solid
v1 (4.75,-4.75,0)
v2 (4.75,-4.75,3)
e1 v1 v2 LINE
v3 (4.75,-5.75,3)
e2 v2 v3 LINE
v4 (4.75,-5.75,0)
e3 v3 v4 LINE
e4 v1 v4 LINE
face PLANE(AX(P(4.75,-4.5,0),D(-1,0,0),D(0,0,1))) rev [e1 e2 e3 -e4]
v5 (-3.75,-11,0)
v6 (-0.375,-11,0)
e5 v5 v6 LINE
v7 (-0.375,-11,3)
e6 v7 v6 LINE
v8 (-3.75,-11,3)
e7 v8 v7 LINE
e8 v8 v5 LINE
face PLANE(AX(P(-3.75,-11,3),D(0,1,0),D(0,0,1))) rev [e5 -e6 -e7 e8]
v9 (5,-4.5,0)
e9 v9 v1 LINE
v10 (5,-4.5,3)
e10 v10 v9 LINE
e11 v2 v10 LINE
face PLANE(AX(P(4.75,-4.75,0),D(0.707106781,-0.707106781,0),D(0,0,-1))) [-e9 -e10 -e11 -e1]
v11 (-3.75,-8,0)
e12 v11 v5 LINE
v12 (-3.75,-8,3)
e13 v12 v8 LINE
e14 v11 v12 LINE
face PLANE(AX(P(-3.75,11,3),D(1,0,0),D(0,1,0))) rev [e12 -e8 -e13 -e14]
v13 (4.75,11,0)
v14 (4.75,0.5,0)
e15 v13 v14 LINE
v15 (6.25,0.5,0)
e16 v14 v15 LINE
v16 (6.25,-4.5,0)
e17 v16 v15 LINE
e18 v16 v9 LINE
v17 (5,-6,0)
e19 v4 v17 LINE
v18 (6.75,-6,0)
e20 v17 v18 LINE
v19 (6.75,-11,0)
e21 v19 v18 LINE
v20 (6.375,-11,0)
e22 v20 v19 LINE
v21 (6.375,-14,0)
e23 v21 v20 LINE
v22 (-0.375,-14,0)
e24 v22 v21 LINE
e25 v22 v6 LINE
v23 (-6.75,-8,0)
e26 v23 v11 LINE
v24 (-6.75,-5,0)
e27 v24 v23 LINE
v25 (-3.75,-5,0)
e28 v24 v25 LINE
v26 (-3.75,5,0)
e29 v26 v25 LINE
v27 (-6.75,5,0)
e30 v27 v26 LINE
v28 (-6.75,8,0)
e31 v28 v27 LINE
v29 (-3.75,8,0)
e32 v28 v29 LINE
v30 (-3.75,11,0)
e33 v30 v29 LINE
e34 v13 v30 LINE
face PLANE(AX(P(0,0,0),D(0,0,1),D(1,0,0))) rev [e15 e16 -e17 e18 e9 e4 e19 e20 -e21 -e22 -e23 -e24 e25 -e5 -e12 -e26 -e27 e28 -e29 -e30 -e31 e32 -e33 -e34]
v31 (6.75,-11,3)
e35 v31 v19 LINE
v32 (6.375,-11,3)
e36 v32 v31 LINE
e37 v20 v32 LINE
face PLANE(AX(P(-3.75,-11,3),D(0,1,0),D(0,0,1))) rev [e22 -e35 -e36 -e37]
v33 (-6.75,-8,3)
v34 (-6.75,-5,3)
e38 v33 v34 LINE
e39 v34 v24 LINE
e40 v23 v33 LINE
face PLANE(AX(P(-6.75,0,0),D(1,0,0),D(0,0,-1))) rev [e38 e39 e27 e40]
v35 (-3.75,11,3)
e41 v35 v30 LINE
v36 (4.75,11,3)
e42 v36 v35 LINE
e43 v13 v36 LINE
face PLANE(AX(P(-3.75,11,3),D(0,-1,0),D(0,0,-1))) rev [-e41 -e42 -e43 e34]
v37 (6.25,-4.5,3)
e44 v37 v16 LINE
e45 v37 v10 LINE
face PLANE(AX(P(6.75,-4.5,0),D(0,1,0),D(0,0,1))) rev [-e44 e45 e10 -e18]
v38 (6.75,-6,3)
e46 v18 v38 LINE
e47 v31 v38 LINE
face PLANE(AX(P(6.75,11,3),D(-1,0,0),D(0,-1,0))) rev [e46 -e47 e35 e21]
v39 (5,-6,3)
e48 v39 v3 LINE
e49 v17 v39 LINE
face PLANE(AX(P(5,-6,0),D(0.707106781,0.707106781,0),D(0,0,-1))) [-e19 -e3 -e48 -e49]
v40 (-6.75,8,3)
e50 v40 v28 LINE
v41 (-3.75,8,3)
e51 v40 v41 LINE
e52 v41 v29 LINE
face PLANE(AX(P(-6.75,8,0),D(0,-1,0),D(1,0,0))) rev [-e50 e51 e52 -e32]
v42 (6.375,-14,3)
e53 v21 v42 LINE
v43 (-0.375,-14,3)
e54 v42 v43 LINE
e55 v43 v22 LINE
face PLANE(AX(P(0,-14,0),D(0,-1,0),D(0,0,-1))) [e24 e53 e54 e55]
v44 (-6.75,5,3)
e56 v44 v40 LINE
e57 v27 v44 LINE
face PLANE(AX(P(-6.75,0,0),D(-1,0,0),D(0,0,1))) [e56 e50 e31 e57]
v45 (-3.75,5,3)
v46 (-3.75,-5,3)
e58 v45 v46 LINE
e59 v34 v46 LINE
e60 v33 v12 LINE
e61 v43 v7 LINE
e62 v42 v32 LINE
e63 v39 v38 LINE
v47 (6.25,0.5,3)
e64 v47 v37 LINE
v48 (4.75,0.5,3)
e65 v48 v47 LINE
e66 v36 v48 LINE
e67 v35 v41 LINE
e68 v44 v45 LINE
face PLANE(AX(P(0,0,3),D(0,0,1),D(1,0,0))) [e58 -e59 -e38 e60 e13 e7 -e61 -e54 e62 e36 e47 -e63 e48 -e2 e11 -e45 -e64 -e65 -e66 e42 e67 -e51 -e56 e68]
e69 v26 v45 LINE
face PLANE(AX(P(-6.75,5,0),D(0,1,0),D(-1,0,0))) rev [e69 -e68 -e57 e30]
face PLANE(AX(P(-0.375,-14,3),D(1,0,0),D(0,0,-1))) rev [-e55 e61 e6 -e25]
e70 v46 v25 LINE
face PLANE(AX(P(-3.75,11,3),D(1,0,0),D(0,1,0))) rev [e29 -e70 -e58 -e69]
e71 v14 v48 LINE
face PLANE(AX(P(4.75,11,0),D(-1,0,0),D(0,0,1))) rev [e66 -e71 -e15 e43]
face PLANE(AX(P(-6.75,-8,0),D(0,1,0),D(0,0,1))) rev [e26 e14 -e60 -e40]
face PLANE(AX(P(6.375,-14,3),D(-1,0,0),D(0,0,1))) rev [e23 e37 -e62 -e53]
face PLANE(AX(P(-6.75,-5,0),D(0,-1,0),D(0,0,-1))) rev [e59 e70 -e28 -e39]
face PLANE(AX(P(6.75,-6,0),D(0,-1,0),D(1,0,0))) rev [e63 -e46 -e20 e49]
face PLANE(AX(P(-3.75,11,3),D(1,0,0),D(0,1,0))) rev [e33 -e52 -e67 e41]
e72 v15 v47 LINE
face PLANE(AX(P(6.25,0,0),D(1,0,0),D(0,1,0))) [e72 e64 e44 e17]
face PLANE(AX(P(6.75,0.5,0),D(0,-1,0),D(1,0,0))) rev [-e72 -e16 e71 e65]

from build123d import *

# Parameters (mm, degrees)
SKETCH1_W           = 10.5
SKETCH1_H           = 22
BOSS_EXTRUDE1_DEPTH = 3
SKETCH2_W           = 6.75
SKETCH2_H           = 3
BOSS_EXTRUDE2_DEPTH = 3
SKETCH3_W           = 3
SKETCH3_H           = 3
BOSS_EXTRUDE3_DEPTH = 3
SKETCH4_W           = 2
SKETCH4_H           = 1.5
CUT_EXTRUDE1_DEPTH  = 3
SKETCH5_W           = 2
SKETCH5_H           = 10.5
CUT_EXTRUDE2_DEPTH  = 3
CHAMFER1_SIZE       = 0.25
CHAMFER2_SIZE       = 0.25
SKETCH6_W           = 3
SKETCH6_H           = 5
CUT_EXTRUDE3_DEPTH  = 0.5


with BuildPart() as part:
    # Sketch1 → Boss-Extrude1 (new body)
    with BuildSketch(Plane.XY):
        with Locations((1.5, 0)):
            Rectangle(SKETCH1_W, SKETCH1_H)
    extrude(amount=BOSS_EXTRUDE1_DEPTH)

    # Sketch2 → Boss-Extrude2 (add)
    with BuildSketch(Plane.XZ.offset(11)):
        with Locations((3, 1.5)):
            Rectangle(SKETCH2_W, SKETCH2_H)
    extrude(amount=BOSS_EXTRUDE2_DEPTH)

    # Sketch3 → Boss-Extrude3 (add)
    with BuildSketch(Plane.ZY.offset(3.75)):
        with Locations((1.5, -6.5)):
            Rectangle(SKETCH3_W, SKETCH3_H)
        with Locations((1.5, 6.5)):
            Rectangle(SKETCH3_W, SKETCH3_H)
    extrude(amount=BOSS_EXTRUDE3_DEPTH)

    # Sketch4 → Cut-Extrude1 (cut)
    with BuildSketch(Plane.XY.offset(3)):
        with Locations((5.75, -5.25)):
            Rectangle(SKETCH4_W, SKETCH4_H)
    extrude(amount=-CUT_EXTRUDE1_DEPTH, mode=Mode.SUBTRACT)

    # Sketch5 → Cut-Extrude2 (cut)
    with BuildSketch(Plane.XY.offset(3)):
        with Locations((5.75, 5.75)):
            Rectangle(SKETCH5_W, SKETCH5_H)
    extrude(amount=-CUT_EXTRUDE2_DEPTH, mode=Mode.SUBTRACT)

    # Chamfer1
    chamfer1_edges = [part.edges().sort_by_distance(p)[0] for p in [
        (4.75, -4.5, 1.5),
    ]]
    chamfer(chamfer1_edges, length=CHAMFER1_SIZE)

    # Chamfer2
    chamfer2_edges = [part.edges().sort_by_distance(p)[0] for p in [
        (4.75, -6, 1.5),
    ]]
    chamfer(chamfer2_edges, length=CHAMFER2_SIZE)

    # Sketch6 → Cut-Extrude3 (cut)
    with BuildSketch(Plane(origin=(6.75, 0, 0), x_dir=(0, 0, -1), z_dir=(1, 0, 0))):
        with Locations((-1.5, -2)):
            Rectangle(SKETCH6_W, SKETCH6_H)
    extrude(amount=-CUT_EXTRUDE3_DEPTH, mode=Mode.SUBTRACT)


solid = part.part
